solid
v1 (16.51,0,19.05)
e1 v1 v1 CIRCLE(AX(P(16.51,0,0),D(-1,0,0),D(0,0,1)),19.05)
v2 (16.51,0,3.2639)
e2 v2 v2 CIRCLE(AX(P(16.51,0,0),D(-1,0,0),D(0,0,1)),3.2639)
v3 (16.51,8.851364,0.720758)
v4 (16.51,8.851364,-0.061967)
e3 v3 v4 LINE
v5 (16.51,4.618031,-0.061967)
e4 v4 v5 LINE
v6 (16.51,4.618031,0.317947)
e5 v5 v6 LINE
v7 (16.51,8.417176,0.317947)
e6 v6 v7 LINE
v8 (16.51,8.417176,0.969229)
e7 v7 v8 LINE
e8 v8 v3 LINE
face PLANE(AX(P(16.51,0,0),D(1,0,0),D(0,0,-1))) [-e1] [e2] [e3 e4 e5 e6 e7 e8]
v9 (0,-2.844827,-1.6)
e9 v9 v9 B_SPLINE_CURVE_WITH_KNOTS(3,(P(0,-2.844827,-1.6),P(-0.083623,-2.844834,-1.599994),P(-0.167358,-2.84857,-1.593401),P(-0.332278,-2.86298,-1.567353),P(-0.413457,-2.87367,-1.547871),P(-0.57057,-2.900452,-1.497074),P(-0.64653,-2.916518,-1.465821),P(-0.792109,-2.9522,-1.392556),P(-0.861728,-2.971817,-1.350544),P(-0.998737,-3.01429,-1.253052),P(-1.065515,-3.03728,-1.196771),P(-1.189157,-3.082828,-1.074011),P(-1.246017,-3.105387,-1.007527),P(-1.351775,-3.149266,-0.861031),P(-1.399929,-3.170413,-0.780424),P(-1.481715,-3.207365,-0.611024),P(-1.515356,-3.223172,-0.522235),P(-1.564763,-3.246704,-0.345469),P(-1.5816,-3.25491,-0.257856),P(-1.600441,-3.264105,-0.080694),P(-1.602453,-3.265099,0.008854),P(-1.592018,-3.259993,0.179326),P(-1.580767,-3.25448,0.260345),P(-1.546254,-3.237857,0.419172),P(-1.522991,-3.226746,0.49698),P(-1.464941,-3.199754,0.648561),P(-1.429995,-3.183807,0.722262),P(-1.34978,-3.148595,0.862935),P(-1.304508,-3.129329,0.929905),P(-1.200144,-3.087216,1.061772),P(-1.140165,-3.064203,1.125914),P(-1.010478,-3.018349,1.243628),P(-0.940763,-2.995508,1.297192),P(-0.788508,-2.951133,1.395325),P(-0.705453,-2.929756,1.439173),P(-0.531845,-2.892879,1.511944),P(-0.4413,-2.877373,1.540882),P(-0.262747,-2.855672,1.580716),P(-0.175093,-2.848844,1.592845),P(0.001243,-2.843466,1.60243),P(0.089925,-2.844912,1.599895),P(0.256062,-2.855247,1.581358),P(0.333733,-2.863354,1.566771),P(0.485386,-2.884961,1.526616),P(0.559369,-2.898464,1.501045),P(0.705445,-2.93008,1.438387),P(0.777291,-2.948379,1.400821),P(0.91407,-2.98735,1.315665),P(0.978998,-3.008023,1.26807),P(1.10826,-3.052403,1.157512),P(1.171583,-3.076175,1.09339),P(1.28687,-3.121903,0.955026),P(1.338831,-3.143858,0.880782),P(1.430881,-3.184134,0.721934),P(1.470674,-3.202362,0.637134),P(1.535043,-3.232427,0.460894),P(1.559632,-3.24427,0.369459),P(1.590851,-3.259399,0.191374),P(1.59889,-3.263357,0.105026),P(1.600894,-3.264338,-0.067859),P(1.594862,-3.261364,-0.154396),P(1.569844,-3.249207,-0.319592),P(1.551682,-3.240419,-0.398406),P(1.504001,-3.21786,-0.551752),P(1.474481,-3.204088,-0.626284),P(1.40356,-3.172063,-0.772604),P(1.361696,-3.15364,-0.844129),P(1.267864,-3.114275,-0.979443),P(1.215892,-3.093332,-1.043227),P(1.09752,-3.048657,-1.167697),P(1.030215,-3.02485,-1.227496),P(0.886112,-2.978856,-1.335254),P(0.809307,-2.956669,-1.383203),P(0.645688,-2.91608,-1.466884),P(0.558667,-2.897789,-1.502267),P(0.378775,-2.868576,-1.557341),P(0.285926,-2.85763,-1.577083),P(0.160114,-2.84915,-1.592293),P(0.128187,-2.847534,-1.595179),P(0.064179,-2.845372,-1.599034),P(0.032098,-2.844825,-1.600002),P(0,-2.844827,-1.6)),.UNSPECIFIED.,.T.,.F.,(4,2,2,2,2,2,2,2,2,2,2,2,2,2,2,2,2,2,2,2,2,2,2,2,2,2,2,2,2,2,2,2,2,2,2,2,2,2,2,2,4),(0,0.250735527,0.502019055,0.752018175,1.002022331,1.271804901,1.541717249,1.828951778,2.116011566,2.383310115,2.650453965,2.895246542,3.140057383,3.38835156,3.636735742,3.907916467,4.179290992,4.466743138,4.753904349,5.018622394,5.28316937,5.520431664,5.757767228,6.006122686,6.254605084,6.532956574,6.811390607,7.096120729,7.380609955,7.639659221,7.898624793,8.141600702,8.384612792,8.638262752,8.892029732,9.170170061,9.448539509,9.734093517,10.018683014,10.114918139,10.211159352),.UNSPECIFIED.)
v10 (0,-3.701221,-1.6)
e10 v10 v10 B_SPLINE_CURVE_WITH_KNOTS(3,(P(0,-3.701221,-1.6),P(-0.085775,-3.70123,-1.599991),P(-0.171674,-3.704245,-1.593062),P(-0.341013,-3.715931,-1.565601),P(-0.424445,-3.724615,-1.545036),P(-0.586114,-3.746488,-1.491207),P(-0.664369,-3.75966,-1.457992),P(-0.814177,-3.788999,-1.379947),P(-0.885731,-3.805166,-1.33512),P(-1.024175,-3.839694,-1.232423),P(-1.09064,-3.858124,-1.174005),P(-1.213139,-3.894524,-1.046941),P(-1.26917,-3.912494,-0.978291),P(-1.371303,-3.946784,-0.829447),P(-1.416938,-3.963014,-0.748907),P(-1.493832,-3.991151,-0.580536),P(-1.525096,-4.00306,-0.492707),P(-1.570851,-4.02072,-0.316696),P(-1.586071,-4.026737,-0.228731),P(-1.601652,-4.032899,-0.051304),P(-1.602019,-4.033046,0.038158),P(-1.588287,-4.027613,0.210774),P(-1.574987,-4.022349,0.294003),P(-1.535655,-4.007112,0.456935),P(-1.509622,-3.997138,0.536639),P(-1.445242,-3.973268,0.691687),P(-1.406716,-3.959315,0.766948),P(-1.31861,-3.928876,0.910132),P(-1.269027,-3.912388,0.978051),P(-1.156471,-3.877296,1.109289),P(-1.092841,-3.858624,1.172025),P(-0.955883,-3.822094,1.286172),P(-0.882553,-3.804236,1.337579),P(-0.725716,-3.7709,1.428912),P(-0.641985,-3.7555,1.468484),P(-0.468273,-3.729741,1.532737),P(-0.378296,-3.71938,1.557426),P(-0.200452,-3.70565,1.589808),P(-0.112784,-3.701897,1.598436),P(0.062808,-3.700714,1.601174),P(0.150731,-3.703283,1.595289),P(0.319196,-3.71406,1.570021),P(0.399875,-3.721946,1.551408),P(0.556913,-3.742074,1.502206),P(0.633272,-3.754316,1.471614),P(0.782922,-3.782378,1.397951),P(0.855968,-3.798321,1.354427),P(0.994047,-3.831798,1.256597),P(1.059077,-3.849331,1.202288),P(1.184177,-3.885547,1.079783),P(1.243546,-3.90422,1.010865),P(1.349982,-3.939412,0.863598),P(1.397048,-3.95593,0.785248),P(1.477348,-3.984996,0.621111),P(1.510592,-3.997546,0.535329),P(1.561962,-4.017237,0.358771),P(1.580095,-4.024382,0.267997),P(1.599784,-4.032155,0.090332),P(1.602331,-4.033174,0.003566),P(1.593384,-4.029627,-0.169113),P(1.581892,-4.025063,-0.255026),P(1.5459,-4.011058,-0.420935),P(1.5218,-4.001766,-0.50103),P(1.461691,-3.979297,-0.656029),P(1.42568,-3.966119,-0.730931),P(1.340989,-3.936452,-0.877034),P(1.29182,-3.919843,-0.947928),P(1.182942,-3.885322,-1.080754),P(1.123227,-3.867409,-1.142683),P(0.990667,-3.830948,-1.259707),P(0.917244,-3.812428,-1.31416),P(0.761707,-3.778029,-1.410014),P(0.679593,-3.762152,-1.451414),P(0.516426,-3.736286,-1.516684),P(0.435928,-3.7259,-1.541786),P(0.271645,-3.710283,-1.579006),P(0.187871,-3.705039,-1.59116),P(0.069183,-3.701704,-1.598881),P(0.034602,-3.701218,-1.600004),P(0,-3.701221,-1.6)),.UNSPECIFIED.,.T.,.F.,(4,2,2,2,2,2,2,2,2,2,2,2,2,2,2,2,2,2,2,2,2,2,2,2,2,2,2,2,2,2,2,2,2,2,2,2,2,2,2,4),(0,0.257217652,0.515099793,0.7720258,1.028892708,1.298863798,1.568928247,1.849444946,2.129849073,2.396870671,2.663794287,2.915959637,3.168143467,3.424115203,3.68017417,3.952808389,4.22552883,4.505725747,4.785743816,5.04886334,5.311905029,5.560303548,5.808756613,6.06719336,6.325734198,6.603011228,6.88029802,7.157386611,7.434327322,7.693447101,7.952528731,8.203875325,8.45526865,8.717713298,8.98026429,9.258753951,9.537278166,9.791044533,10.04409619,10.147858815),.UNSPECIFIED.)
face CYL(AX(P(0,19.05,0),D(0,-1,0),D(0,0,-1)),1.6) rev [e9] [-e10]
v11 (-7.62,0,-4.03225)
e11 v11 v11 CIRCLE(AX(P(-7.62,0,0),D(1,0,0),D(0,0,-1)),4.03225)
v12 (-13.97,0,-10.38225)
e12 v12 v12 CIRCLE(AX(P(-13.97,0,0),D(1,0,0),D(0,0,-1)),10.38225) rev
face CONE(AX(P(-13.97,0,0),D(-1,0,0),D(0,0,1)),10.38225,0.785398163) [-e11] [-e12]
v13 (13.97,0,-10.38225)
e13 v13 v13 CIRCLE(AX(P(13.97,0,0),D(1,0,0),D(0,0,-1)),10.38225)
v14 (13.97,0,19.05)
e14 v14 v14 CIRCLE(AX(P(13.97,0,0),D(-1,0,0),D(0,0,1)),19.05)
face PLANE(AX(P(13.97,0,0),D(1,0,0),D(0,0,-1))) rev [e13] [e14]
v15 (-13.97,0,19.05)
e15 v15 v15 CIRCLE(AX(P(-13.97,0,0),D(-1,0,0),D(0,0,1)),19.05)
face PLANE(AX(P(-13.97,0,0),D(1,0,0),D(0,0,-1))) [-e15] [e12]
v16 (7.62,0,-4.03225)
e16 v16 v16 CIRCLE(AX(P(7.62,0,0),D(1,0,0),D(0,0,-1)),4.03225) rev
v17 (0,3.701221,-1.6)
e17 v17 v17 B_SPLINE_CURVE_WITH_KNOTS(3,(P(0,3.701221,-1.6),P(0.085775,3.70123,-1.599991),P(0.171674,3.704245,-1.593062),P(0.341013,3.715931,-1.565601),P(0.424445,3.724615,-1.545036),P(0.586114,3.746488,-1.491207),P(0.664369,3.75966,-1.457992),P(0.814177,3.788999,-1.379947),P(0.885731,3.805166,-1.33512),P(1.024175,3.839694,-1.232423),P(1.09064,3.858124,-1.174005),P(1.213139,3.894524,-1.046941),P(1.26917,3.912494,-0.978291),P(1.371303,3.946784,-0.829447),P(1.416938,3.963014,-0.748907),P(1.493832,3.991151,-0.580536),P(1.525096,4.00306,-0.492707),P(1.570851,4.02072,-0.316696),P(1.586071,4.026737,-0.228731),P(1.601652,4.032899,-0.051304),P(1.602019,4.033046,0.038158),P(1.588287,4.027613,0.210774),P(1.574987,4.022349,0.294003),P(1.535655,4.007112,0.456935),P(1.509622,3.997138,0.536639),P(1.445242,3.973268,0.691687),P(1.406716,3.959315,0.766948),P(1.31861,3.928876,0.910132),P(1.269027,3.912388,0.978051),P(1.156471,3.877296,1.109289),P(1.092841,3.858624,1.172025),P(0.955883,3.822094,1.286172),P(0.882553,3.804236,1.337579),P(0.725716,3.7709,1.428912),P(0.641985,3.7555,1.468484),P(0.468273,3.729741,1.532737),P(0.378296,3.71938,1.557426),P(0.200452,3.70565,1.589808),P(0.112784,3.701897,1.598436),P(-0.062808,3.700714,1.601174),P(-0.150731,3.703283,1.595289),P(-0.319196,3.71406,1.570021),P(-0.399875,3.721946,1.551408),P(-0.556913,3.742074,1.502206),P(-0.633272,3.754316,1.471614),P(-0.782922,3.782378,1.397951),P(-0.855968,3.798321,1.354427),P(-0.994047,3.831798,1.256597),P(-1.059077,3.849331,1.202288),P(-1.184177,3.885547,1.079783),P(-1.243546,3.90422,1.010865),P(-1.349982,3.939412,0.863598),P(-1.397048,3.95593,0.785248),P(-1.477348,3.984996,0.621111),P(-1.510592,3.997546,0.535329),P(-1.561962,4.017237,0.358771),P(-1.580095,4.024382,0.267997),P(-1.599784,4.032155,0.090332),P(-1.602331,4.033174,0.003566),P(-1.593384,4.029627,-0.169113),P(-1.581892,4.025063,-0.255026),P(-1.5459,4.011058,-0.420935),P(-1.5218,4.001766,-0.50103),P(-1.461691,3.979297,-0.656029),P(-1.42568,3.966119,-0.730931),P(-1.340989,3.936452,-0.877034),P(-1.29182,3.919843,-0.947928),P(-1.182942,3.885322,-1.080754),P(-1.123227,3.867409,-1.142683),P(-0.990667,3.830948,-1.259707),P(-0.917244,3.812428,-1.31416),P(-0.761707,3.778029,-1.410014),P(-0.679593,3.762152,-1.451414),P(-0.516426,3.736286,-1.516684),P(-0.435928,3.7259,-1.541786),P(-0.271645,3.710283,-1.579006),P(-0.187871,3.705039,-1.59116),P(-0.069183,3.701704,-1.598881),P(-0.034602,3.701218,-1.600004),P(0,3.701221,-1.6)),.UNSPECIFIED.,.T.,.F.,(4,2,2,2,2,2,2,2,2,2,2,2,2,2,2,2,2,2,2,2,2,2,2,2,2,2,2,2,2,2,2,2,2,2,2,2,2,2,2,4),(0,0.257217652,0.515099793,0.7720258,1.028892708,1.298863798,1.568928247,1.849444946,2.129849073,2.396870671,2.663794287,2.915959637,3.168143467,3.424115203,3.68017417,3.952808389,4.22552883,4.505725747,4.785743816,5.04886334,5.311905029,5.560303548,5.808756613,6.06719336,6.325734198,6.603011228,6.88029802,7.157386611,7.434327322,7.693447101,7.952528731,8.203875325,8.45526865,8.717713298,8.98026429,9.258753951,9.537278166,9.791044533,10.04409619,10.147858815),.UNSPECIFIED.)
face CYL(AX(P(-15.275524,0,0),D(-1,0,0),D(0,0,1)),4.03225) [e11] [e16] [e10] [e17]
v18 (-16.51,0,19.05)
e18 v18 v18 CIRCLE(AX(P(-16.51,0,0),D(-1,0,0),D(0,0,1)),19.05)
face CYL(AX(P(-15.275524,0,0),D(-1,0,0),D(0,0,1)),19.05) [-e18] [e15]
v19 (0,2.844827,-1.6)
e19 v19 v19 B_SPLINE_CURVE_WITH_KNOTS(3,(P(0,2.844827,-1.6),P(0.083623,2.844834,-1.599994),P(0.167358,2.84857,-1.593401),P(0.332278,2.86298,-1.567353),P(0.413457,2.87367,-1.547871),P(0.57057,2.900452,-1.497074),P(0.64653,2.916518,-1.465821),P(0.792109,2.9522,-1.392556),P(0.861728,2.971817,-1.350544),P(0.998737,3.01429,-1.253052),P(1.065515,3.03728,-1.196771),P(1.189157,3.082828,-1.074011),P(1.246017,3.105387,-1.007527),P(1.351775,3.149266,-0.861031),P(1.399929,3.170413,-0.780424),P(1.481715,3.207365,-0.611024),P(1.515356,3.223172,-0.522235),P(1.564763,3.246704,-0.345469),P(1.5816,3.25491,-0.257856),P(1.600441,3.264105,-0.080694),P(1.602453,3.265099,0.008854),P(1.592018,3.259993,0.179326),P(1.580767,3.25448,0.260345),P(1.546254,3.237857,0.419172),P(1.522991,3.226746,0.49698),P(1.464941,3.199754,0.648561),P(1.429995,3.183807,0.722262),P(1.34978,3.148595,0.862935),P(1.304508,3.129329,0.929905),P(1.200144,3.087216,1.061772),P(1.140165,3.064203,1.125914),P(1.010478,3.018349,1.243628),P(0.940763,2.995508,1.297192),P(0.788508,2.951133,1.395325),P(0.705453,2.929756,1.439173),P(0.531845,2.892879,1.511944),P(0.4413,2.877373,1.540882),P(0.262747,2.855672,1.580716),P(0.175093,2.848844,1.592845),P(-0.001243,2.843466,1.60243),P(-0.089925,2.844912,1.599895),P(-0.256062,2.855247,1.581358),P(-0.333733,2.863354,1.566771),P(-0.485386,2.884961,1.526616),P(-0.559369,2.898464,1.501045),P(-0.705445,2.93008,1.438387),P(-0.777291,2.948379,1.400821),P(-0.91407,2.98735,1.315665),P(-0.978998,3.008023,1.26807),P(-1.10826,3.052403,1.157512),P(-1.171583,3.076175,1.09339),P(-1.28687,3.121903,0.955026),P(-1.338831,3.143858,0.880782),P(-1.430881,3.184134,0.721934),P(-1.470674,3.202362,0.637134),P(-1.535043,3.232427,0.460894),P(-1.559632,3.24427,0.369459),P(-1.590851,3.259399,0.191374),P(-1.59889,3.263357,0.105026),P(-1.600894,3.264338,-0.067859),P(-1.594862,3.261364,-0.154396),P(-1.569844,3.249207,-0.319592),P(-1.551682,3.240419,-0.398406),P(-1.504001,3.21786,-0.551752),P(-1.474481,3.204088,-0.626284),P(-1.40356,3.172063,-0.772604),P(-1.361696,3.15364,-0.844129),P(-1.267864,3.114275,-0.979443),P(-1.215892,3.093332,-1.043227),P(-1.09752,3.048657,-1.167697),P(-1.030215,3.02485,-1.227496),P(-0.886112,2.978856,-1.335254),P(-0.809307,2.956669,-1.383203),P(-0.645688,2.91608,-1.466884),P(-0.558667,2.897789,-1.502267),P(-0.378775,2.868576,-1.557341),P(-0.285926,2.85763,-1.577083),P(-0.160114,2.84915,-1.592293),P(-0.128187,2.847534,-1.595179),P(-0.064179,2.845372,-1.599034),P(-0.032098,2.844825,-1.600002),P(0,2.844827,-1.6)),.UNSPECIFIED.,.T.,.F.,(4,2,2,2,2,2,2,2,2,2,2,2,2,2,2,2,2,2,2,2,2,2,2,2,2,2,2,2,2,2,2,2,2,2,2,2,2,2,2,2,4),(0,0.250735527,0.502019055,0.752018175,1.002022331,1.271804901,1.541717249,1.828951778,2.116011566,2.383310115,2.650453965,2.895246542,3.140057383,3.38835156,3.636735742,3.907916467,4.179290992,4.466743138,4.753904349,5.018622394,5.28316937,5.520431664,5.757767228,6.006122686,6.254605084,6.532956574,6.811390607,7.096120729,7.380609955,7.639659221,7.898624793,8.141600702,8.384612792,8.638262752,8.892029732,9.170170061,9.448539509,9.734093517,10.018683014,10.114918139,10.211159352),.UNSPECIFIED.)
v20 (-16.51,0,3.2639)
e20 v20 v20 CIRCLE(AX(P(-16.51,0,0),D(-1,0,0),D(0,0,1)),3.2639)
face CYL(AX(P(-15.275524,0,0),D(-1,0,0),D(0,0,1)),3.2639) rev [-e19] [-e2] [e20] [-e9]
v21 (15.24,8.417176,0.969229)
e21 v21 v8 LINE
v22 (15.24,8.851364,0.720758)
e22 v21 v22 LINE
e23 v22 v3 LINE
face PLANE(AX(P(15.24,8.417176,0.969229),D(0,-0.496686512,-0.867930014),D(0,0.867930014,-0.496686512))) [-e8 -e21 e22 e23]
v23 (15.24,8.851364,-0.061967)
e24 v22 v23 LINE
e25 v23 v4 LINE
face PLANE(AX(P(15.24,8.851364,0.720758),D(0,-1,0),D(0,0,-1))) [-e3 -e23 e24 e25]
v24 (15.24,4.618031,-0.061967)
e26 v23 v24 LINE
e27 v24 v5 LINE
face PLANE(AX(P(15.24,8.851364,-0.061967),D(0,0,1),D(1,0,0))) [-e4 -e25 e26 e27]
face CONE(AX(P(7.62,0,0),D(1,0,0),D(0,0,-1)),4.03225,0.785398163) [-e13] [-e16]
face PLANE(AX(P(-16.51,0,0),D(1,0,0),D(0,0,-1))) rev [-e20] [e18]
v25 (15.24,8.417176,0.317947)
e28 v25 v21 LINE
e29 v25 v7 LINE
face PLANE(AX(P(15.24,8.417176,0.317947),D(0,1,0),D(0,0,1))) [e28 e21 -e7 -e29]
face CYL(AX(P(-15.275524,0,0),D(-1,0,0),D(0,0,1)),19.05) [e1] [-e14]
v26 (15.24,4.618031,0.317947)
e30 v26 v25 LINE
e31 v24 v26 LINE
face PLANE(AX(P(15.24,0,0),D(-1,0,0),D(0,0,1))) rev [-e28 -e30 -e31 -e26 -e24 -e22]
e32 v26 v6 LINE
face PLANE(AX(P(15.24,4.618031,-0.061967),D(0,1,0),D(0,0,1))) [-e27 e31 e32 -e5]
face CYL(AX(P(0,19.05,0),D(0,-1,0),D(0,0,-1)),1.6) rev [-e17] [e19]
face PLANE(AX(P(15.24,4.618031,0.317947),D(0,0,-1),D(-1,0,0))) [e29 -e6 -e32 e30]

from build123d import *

# Parameters (mm, degrees)
CUT_EXTRUDE1_DEPTH      = 32.597232474
CUT_EXTRUDE1_DEPTH_BACK = 32.597232474
SKETCH2_R               = 1.6
CHAMFER1_SIZE           = 6.35
CUT_EXTRUDE2_DEPTH      = 1.27


with BuildPart() as part:
    # Sketch1 → Revolve1 (revolve)
    with BuildSketch(Plane.XY):
        Polygon((16.51, 3.2639), (16.51, 19.05), (13.97, 19.05), (13.97, 4.03225), (-13.97, 4.03225), (-13.97, 19.05), (-16.51, 19.05), (-16.51, 3.2639), align=None)
    revolve(axis=Axis((-15.275524476, 0, 0), (1, 0, 0)))

    # Sketch2 → Cut-Extrude1 (cut, two sides: drawn at the far end of the back side and taken through both)
    with BuildSketch(Plane(origin=(0, 0, 0), x_dir=(1, 0, 0), z_dir=(0, 1, 0)).offset(-CUT_EXTRUDE1_DEPTH_BACK)):
        Circle(SKETCH2_R)
    extrude(amount=CUT_EXTRUDE1_DEPTH + CUT_EXTRUDE1_DEPTH_BACK, mode=Mode.SUBTRACT)

    # Chamfer1
    chamfer1_edges = [part.edges().sort_by_distance(p)[0] for p in [
        (13.97, -4.03225, 0),
        (-13.97, -4.03225, 0),
    ]]
    chamfer(chamfer1_edges, length=CHAMFER1_SIZE)

    # Sketch3 → Cut-Extrude2 (cut)
    with BuildSketch(Plane(origin=(16.51, 0, 0), x_dir=(0, 0, -1), z_dir=(1, 0, 0))):
        Polygon((-0.720758245, 8.851363919), (0.061967449, 8.851363919), (0.061967449, 4.618030586), (-0.317947081, 4.618030586), (-0.317947081, 8.417175885), (-0.969229132, 8.417175885), align=None)
    extrude(amount=-CUT_EXTRUDE2_DEPTH, mode=Mode.SUBTRACT)


solid = part.part
